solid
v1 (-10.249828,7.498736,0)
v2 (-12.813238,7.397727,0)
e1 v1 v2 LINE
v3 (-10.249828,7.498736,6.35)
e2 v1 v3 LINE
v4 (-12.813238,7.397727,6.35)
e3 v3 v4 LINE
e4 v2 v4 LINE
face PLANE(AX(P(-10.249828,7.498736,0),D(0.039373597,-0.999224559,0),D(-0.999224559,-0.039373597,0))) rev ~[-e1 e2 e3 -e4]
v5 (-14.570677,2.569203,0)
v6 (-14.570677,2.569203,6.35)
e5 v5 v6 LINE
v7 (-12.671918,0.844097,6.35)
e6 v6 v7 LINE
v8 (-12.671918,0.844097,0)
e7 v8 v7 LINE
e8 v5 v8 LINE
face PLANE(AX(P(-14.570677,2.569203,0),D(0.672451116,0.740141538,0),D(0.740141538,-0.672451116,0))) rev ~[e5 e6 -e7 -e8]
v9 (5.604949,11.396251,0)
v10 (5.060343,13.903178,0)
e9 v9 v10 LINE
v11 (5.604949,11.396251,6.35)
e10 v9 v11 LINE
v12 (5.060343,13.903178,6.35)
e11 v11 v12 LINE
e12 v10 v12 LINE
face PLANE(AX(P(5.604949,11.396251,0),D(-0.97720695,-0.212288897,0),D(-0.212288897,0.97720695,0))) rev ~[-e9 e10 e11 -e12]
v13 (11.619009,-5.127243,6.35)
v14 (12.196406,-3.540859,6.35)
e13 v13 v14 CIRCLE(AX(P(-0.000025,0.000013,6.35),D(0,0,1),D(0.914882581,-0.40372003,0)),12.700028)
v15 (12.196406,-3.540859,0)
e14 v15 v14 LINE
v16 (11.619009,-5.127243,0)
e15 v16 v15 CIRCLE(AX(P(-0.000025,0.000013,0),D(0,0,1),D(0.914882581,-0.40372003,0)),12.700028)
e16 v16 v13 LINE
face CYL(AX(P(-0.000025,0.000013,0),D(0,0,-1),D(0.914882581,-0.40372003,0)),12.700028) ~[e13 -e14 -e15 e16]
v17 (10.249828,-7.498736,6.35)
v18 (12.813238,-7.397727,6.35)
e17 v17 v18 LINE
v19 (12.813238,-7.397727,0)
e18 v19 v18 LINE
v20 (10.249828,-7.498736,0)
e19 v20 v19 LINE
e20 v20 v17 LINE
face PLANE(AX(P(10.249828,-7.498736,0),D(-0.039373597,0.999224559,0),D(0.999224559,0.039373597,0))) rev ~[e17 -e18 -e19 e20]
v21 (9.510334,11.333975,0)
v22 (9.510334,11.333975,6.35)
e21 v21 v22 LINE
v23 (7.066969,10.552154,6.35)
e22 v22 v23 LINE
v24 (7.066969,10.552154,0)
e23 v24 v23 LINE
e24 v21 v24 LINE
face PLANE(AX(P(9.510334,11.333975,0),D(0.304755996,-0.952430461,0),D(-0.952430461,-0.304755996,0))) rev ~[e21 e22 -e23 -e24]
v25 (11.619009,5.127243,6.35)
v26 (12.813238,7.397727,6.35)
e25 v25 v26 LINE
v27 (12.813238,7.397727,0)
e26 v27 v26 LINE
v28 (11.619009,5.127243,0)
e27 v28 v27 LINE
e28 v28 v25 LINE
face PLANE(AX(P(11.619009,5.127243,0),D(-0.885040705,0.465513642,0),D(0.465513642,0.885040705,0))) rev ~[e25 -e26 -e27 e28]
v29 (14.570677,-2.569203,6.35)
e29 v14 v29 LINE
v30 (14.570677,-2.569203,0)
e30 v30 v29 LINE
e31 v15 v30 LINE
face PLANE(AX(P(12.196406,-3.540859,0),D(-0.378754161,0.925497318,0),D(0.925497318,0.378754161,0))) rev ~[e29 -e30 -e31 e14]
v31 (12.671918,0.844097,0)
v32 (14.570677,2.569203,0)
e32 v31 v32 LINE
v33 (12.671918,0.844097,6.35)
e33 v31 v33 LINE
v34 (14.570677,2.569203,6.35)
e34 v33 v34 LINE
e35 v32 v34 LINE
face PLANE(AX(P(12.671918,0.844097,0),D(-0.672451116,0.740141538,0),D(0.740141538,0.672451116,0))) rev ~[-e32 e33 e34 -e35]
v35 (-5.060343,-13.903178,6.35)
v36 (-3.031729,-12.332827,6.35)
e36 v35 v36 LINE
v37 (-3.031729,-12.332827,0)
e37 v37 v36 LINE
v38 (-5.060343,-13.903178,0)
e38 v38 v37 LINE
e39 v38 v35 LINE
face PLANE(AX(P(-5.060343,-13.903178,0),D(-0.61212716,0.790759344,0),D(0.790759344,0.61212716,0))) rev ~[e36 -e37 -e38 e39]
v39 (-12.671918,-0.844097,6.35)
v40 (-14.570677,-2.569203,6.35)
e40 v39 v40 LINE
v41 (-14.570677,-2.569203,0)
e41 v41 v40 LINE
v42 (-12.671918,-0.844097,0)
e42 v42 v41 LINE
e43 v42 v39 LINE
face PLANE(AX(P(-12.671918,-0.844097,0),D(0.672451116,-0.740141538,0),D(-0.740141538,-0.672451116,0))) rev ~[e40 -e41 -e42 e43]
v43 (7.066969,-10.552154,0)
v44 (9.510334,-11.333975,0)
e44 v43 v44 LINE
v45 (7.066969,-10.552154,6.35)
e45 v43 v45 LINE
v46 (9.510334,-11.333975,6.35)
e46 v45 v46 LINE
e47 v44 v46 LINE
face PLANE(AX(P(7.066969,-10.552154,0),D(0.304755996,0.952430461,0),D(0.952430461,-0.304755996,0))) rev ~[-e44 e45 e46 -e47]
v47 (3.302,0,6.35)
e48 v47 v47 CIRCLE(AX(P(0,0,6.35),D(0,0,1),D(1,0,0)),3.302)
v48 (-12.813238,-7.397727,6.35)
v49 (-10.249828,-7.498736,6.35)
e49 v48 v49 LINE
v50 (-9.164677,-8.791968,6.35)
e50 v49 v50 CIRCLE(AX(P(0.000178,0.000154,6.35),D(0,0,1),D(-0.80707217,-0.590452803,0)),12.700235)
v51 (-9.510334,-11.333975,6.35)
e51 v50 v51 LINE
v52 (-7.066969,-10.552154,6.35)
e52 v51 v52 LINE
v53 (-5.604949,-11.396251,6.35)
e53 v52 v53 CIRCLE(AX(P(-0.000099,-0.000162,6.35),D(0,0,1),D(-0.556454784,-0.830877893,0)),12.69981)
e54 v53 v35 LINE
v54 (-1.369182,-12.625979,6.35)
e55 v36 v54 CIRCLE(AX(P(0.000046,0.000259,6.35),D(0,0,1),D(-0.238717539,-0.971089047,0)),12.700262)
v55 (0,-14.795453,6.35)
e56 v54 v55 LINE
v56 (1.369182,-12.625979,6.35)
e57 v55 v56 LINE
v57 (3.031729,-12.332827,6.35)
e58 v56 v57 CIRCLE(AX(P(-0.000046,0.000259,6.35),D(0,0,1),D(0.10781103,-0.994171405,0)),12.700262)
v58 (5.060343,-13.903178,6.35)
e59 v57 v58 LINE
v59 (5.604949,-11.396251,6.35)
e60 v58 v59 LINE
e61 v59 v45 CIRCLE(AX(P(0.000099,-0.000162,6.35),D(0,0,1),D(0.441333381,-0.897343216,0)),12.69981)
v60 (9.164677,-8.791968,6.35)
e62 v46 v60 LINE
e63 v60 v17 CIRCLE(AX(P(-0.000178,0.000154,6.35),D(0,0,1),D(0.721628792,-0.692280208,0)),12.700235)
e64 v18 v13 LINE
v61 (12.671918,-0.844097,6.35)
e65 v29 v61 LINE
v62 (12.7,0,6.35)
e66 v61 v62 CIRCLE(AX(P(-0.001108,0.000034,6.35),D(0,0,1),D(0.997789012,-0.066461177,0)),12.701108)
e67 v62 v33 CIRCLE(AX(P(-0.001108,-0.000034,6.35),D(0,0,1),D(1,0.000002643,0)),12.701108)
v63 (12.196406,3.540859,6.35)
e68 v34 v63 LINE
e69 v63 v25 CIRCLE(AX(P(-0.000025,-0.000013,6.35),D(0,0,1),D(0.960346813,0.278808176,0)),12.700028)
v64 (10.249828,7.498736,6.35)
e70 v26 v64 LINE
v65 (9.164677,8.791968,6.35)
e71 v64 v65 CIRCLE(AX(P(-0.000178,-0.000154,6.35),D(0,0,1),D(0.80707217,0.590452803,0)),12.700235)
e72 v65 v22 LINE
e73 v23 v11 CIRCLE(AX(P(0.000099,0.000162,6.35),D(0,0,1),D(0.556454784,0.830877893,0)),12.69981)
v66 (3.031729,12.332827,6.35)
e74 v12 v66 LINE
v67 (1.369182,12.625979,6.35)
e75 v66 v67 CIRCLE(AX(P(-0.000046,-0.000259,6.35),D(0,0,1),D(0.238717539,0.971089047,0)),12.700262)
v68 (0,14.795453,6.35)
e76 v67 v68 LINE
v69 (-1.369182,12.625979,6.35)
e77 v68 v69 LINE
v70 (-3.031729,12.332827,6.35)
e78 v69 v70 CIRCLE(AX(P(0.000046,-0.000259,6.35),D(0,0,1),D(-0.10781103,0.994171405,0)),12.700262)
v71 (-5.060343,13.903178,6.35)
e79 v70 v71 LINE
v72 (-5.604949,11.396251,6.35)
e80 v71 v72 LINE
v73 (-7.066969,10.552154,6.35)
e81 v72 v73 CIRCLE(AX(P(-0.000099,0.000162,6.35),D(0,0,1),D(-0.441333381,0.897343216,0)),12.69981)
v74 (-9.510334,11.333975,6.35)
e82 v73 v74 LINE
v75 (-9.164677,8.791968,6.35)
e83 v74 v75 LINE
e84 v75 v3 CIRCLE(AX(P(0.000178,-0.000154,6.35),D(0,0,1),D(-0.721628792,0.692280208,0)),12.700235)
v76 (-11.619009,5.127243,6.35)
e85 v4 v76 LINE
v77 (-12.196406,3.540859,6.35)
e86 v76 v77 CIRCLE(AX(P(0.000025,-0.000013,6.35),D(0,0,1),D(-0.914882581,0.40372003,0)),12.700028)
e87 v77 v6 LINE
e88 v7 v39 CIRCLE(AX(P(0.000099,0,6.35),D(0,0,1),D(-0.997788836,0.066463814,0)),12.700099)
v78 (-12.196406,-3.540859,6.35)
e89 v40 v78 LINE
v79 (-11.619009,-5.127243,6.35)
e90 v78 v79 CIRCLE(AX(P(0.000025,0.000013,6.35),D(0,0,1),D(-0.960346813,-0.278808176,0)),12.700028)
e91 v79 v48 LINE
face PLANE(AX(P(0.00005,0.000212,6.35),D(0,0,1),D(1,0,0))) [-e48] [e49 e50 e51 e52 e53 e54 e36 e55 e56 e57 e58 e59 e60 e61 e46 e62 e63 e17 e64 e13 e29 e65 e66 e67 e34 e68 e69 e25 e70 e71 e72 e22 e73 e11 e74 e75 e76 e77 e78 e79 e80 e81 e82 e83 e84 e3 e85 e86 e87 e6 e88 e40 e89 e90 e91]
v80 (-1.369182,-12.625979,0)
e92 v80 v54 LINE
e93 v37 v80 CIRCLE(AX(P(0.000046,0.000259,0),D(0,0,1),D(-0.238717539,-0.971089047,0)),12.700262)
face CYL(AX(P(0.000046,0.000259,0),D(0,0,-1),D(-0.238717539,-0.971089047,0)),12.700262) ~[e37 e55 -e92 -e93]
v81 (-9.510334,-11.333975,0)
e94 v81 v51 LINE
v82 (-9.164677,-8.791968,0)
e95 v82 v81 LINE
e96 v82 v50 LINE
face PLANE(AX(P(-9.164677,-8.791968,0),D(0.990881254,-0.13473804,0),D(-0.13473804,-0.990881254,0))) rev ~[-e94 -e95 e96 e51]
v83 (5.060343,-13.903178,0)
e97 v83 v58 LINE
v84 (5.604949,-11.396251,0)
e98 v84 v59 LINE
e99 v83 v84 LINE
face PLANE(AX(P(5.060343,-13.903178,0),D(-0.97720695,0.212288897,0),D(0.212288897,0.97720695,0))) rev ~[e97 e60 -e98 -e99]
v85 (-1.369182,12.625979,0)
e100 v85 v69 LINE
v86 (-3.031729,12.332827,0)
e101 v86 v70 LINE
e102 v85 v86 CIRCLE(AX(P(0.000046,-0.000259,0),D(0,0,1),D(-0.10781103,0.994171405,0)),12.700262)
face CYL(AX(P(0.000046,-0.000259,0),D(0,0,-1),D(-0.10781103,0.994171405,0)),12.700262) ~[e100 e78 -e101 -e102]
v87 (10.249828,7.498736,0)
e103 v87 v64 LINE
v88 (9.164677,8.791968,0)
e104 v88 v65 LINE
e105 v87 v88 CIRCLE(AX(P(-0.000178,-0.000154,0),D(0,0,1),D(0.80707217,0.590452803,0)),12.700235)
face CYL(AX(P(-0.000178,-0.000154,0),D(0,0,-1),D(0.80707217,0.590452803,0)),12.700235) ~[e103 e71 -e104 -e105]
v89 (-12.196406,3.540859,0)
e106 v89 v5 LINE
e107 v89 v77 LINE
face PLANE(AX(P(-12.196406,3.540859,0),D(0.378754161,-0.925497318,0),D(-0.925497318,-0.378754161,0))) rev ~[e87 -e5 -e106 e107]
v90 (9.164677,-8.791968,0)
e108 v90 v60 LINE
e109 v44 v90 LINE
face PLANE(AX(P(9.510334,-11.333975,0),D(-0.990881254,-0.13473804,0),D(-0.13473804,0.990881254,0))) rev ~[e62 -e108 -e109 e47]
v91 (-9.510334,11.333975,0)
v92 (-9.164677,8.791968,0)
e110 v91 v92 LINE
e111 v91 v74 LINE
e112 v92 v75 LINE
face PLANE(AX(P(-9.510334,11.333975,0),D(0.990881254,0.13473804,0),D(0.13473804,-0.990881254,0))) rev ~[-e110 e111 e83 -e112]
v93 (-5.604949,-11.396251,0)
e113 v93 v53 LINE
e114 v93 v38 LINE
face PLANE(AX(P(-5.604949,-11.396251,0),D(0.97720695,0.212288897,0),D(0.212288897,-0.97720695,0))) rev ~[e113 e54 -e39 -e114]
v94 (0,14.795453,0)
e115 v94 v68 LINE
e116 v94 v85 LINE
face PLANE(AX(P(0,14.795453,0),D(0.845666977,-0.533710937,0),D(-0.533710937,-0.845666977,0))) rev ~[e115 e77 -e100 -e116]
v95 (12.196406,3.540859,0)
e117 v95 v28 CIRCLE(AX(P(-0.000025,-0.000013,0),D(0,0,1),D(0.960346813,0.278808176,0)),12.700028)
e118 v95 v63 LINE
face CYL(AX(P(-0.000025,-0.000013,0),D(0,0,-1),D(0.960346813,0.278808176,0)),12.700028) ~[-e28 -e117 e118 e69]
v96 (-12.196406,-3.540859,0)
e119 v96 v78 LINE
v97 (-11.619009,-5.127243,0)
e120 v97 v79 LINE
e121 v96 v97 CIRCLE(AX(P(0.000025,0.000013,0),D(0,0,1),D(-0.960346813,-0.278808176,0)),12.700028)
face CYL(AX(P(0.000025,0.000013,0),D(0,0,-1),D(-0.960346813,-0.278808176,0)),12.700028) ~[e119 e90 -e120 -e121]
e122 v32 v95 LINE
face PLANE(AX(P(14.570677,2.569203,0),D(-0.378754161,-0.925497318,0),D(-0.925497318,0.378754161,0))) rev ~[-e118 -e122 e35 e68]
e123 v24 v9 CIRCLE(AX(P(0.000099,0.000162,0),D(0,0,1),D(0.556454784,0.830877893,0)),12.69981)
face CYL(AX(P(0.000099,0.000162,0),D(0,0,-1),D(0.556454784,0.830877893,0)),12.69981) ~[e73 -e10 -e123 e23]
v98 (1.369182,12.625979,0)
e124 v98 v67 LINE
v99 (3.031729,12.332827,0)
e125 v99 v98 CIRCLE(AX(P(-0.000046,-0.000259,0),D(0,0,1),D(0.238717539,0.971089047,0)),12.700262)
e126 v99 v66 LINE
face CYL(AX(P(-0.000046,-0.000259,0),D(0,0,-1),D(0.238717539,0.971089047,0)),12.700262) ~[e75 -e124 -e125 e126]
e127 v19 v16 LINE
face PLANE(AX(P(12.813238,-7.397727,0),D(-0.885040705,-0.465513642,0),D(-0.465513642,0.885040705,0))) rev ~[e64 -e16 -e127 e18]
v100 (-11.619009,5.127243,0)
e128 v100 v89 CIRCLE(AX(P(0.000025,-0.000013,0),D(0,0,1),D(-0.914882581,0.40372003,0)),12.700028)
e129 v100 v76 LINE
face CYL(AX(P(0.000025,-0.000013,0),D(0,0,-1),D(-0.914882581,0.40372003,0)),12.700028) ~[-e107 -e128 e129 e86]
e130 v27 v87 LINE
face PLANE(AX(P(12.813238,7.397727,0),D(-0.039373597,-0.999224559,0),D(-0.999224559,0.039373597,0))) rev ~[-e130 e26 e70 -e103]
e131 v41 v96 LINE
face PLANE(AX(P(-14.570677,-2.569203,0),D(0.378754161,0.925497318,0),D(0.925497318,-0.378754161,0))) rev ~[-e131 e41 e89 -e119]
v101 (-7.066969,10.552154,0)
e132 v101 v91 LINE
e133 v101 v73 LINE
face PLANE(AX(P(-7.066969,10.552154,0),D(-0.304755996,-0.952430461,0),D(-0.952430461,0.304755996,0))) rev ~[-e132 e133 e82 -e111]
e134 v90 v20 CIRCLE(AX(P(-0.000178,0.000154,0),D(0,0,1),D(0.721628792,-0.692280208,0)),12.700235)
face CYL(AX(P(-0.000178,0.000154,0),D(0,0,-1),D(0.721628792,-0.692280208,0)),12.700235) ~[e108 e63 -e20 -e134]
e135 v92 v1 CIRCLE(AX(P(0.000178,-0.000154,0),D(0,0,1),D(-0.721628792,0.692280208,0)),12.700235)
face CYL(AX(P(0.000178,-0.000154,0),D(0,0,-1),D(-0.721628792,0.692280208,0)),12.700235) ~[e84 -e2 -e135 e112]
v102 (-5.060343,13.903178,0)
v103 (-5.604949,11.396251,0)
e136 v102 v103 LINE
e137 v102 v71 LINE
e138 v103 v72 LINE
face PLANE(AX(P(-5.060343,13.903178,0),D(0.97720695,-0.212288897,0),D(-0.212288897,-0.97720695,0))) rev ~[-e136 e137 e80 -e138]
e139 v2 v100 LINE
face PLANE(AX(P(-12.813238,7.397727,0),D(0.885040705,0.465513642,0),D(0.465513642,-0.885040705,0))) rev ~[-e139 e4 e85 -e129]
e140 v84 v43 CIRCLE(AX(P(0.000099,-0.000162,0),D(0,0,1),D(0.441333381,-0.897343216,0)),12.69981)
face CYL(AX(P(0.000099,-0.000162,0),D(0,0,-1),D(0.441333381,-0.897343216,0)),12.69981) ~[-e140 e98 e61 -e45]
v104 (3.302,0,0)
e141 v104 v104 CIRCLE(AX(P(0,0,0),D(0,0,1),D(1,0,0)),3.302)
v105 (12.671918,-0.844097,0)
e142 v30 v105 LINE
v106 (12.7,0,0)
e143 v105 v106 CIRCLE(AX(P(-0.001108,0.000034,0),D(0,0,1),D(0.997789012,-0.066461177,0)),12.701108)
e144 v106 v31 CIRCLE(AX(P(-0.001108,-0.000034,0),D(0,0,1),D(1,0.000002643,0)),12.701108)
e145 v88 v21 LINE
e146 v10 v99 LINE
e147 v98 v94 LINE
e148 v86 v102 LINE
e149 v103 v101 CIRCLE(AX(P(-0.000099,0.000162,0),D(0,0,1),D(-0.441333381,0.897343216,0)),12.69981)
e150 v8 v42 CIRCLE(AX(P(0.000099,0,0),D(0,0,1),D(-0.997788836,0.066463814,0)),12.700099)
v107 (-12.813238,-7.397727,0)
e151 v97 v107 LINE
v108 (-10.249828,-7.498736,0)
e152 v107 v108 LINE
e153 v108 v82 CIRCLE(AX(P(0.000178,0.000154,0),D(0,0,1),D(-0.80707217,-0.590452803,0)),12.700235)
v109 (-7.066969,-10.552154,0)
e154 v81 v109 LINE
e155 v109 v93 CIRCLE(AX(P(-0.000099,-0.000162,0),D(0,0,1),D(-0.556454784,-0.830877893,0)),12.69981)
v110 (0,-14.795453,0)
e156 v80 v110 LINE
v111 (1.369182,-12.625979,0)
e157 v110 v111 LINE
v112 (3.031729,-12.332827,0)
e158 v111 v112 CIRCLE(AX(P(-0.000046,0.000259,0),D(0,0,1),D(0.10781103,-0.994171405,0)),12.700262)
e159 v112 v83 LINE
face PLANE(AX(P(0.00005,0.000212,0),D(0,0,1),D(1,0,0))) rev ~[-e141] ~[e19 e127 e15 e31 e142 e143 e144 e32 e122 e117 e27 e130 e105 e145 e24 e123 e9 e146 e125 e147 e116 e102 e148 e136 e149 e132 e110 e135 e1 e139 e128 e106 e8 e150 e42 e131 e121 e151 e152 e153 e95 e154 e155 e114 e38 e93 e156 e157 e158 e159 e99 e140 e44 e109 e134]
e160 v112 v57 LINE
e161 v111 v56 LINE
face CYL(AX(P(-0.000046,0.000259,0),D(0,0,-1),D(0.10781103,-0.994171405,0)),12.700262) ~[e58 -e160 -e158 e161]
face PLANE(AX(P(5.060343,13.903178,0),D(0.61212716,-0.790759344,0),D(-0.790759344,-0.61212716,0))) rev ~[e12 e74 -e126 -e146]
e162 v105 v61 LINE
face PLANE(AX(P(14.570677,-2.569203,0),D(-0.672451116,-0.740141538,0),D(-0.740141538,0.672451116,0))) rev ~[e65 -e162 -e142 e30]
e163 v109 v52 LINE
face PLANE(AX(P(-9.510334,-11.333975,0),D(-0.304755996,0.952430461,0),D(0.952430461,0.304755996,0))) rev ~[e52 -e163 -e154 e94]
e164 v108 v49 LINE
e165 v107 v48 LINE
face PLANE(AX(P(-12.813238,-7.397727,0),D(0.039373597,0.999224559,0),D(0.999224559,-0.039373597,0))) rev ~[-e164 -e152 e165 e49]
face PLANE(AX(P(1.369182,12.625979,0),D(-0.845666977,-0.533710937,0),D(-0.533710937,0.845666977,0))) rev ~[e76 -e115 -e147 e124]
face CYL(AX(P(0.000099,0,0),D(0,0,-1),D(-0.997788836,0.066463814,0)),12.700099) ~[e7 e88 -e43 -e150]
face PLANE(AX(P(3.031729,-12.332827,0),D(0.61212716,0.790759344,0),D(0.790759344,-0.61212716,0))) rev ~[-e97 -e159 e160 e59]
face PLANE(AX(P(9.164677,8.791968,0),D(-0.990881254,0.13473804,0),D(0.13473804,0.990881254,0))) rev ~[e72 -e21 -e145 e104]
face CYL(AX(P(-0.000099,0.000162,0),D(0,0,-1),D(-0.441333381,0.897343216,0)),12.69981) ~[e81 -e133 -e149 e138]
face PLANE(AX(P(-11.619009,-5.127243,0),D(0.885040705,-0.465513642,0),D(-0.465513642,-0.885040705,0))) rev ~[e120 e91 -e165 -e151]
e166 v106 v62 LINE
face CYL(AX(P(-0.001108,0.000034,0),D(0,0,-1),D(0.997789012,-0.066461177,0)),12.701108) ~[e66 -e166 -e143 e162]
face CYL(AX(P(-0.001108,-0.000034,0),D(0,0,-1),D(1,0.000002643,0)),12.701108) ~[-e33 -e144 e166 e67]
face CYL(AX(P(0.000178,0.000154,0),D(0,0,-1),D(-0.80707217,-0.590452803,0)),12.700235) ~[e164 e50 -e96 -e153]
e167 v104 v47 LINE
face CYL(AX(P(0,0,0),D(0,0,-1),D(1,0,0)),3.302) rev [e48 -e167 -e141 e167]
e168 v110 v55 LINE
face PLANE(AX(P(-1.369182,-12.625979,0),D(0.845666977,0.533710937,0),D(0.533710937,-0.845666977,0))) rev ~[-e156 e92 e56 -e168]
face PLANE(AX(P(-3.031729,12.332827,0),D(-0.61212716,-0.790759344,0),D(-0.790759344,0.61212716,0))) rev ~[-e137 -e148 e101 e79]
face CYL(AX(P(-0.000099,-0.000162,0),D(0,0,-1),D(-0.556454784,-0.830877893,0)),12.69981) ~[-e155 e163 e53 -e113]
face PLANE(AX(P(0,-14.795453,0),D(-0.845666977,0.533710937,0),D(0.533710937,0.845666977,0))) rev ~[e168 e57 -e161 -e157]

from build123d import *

# Parameters (mm, degrees)
F0_R     = 3.302
F1_DEPTH = 6.35


with BuildPart() as f1:
    # F0 (on Top) → F1 (new body)
    with BuildSketch(Plane.XY):
        with BuildLine():
            ThreePointArc((12.671918, -0.844097), (12.692977, -0.422282), (12.7, 0))
            ThreePointArc((12.7, 0), (12.692977, 0.422282), (12.671918, 0.844097))
            ThreePointArc((12.671918, 0.844097), (12.507058, 2.205332), (12.196406, 3.540859))
            ThreePointArc((12.196406, 3.540859), (11.934096, 4.343656), (11.619009, 5.127243))
            ThreePointArc((11.619009, 5.127243), (10.998523, 6.35), (10.249828, 7.498736))
            ThreePointArc((10.249828, 7.498736), (9.728764, 8.163403), (9.164677, 8.791968))
            ThreePointArc((9.164677, 8.791968), (8.163403, 9.728764), (7.066969, 10.552154))
            ThreePointArc((7.066969, 10.552154), (6.35, 10.998523), (5.604949, 11.396251))
            ThreePointArc((5.604949, 11.396251), (4.343656, 11.934096), (3.031729, 12.332827))
            ThreePointArc((3.031729, 12.332827), (2.205332, 12.507058), (1.369182, 12.625979))
            ThreePointArc((1.369182, 12.625979), (0.685591, 12.681481), (0, 12.7))
            ThreePointArc((0, 12.7), (-0.685591, 12.681481), (-1.369182, 12.625979))
            ThreePointArc((-1.369182, 12.625979), (-2.205332, 12.507058), (-3.031729, 12.332827))
            ThreePointArc((-3.031729, 12.332827), (-4.343656, 11.934096), (-5.604949, 11.396251))
            ThreePointArc((-5.604949, 11.396251), (-6.35, 10.998523), (-7.066969, 10.552154))
            ThreePointArc((-7.066969, 10.552154), (-8.163403, 9.728764), (-9.164677, 8.791968))
            ThreePointArc((-9.164677, 8.791968), (-9.728764, 8.163403), (-10.249828, 7.498736))
            ThreePointArc((-10.249828, 7.498736), (-10.998523, 6.35), (-11.619009, 5.127243))
            ThreePointArc((-11.619009, 5.127243), (-11.934096, 4.343656), (-12.196406, 3.540859))
            ThreePointArc((-12.196406, 3.540859), (-12.507058, 2.205332), (-12.671918, 0.844097))
            ThreePointArc((-12.671918, 0.844097), (-12.7, 0), (-12.671918, -0.844097))
            ThreePointArc((-12.671918, -0.844097), (-12.507058, -2.205332), (-12.196406, -3.540859))
            ThreePointArc((-12.196406, -3.540859), (-11.934096, -4.343656), (-11.619009, -5.127243))
            ThreePointArc((-11.619009, -5.127243), (-10.998523, -6.35), (-10.249828, -7.498736))
            ThreePointArc((-10.249828, -7.498736), (-9.728764, -8.163403), (-9.164677, -8.791968))
            ThreePointArc((-9.164677, -8.791968), (-8.163403, -9.728764), (-7.066969, -10.552154))
            ThreePointArc((-7.066969, -10.552154), (-6.35, -10.998523), (-5.604949, -11.396251))
            ThreePointArc((-5.604949, -11.396251), (-4.343656, -11.934096), (-3.031729, -12.332827))
            ThreePointArc((-3.031729, -12.332827), (-2.205332, -12.507058), (-1.369182, -12.625979))
            ThreePointArc((-1.369182, -12.625979), (0, -12.7), (1.369182, -12.625979))
            ThreePointArc((1.369182, -12.625979), (2.205332, -12.507058), (3.031729, -12.332827))
            ThreePointArc((3.031729, -12.332827), (4.343656, -11.934096), (5.604949, -11.396251))
            ThreePointArc((5.604949, -11.396251), (6.35, -10.998523), (7.066969, -10.552154))
            ThreePointArc((7.066969, -10.552154), (8.163403, -9.728764), (9.164677, -8.791968))
            ThreePointArc((9.164677, -8.791968), (9.728764, -8.163403), (10.249828, -7.498736))
            ThreePointArc((10.249828, -7.498736), (10.998523, -6.35), (11.619009, -5.127243))
            ThreePointArc((11.619009, -5.127243), (11.934096, -4.343656), (12.196406, -3.540859))
            ThreePointArc((12.196406, -3.540859), (12.507058, -2.205332), (12.671918, -0.844097))
        make_face()
        Circle(F0_R, mode=Mode.SUBTRACT)
        with BuildLine():
            ThreePointArc((12.196406, 3.540859), (12.507058, 2.205332), (12.671918, 0.844097))
            Line((12.671918, 0.844097), (14.570677, 2.569203))
            Line((14.570677, 2.569203), (12.196406, 3.540859))
        make_face()
        with BuildLine():
            Line((14.570677, -2.569203), (12.671918, -0.844097))
            ThreePointArc((12.671918, -0.844097), (12.507058, -2.205332), (12.196406, -3.540859))
            Line((12.196406, -3.540859), (14.570677, -2.569203))
        make_face()
        with BuildLine():
            ThreePointArc((10.249828, 7.498736), (10.998523, 6.35), (11.619009, 5.127243))
            Line((11.619009, 5.127243), (12.813238, 7.397727))
            Line((12.813238, 7.397727), (10.249828, 7.498736))
        make_face()
        with BuildLine():
            Line((12.813238, -7.397727), (11.619009, -5.127243))
            ThreePointArc((11.619009, -5.127243), (10.998523, -6.35), (10.249828, -7.498736))
            Line((10.249828, -7.498736), (12.813238, -7.397727))
        make_face()
        with BuildLine():
            ThreePointArc((7.066969, 10.552154), (8.163403, 9.728764), (9.164677, 8.791968))
            Line((9.164677, 8.791968), (9.510334, 11.333975))
            Line((9.510334, 11.333975), (7.066969, 10.552154))
        make_face()
        with BuildLine():
            Line((9.510334, -11.333975), (9.164677, -8.791968))
            ThreePointArc((9.164677, -8.791968), (8.163403, -9.728764), (7.066969, -10.552154))
            Line((7.066969, -10.552154), (9.510334, -11.333975))
        make_face()
        with BuildLine():
            ThreePointArc((3.031729, 12.332827), (4.343656, 11.934096), (5.604949, 11.396251))
            Line((5.604949, 11.396251), (5.060343, 13.903178))
            Line((5.060343, 13.903178), (3.031729, 12.332827))
        make_face()
        with BuildLine():
            Line((5.060343, -13.903178), (5.604949, -11.396251))
            ThreePointArc((5.604949, -11.396251), (4.343656, -11.934096), (3.031729, -12.332827))
            Line((3.031729, -12.332827), (5.060343, -13.903178))
        make_face()
        with BuildLine():
            ThreePointArc((0, 12.7), (0.685591, 12.681481), (1.369182, 12.625979))
            Line((1.369182, 12.625979), (0, 14.795453))
            Line((0, 14.795453), (0, 12.7))
        make_face()
        with BuildLine():
            Line((0, -14.795453), (1.369182, -12.625979))
            ThreePointArc((1.369182, -12.625979), (0, -12.7), (-1.369182, -12.625979))
            Line((-1.369182, -12.625979), (0, -14.795453))
        make_face()
        with BuildLine():
            ThreePointArc((-1.369182, 12.625979), (-0.685591, 12.681481), (0, 12.7))
            Line((0, 12.7), (0, 14.795453))
            Line((0, 14.795453), (-1.369182, 12.625979))
        make_face()
        with BuildLine():
            Line((-5.060343, -13.903178), (-3.031729, -12.332827))
            ThreePointArc((-3.031729, -12.332827), (-4.343656, -11.934096), (-5.604949, -11.396251))
            Line((-5.604949, -11.396251), (-5.060343, -13.903178))
        make_face()
        with BuildLine():
            ThreePointArc((-5.604949, 11.396251), (-4.343656, 11.934096), (-3.031729, 12.332827))
            Line((-3.031729, 12.332827), (-5.060343, 13.903178))
            Line((-5.060343, 13.903178), (-5.604949, 11.396251))
        make_face()
        with BuildLine():
            Line((-9.510334, -11.333975), (-7.066969, -10.552154))
            ThreePointArc((-7.066969, -10.552154), (-8.163403, -9.728764), (-9.164677, -8.791968))
            Line((-9.164677, -8.791968), (-9.510334, -11.333975))
        make_face()
        with BuildLine():
            ThreePointArc((-9.164677, 8.791968), (-8.163403, 9.728764), (-7.066969, 10.552154))
            Line((-7.066969, 10.552154), (-9.510334, 11.333975))
            Line((-9.510334, 11.333975), (-9.164677, 8.791968))
        make_face()
        with BuildLine():
            Line((-12.813238, -7.397727), (-10.249828, -7.498736))
            ThreePointArc((-10.249828, -7.498736), (-10.998523, -6.35), (-11.619009, -5.127243))
            Line((-11.619009, -5.127243), (-12.813238, -7.397727))
        make_face()
        with BuildLine():
            ThreePointArc((-11.619009, 5.127243), (-10.998523, 6.35), (-10.249828, 7.498736))
            Line((-10.249828, 7.498736), (-12.813238, 7.397727))
            Line((-12.813238, 7.397727), (-11.619009, 5.127243))
        make_face()
        with BuildLine():
            Line((-14.570677, -2.569203), (-12.196406, -3.540859))
            ThreePointArc((-12.196406, -3.540859), (-12.507058, -2.205332), (-12.671918, -0.844097))
            Line((-12.671918, -0.844097), (-14.570677, -2.569203))
        make_face()
        with BuildLine():
            ThreePointArc((-12.671918, 0.844097), (-12.507058, 2.205332), (-12.196406, 3.540859))
            Line((-12.196406, 3.540859), (-14.570677, 2.569203))
            Line((-14.570677, 2.569203), (-12.671918, 0.844097))
        make_face()
    extrude(amount=F1_DEPTH)


solid = f1.part
